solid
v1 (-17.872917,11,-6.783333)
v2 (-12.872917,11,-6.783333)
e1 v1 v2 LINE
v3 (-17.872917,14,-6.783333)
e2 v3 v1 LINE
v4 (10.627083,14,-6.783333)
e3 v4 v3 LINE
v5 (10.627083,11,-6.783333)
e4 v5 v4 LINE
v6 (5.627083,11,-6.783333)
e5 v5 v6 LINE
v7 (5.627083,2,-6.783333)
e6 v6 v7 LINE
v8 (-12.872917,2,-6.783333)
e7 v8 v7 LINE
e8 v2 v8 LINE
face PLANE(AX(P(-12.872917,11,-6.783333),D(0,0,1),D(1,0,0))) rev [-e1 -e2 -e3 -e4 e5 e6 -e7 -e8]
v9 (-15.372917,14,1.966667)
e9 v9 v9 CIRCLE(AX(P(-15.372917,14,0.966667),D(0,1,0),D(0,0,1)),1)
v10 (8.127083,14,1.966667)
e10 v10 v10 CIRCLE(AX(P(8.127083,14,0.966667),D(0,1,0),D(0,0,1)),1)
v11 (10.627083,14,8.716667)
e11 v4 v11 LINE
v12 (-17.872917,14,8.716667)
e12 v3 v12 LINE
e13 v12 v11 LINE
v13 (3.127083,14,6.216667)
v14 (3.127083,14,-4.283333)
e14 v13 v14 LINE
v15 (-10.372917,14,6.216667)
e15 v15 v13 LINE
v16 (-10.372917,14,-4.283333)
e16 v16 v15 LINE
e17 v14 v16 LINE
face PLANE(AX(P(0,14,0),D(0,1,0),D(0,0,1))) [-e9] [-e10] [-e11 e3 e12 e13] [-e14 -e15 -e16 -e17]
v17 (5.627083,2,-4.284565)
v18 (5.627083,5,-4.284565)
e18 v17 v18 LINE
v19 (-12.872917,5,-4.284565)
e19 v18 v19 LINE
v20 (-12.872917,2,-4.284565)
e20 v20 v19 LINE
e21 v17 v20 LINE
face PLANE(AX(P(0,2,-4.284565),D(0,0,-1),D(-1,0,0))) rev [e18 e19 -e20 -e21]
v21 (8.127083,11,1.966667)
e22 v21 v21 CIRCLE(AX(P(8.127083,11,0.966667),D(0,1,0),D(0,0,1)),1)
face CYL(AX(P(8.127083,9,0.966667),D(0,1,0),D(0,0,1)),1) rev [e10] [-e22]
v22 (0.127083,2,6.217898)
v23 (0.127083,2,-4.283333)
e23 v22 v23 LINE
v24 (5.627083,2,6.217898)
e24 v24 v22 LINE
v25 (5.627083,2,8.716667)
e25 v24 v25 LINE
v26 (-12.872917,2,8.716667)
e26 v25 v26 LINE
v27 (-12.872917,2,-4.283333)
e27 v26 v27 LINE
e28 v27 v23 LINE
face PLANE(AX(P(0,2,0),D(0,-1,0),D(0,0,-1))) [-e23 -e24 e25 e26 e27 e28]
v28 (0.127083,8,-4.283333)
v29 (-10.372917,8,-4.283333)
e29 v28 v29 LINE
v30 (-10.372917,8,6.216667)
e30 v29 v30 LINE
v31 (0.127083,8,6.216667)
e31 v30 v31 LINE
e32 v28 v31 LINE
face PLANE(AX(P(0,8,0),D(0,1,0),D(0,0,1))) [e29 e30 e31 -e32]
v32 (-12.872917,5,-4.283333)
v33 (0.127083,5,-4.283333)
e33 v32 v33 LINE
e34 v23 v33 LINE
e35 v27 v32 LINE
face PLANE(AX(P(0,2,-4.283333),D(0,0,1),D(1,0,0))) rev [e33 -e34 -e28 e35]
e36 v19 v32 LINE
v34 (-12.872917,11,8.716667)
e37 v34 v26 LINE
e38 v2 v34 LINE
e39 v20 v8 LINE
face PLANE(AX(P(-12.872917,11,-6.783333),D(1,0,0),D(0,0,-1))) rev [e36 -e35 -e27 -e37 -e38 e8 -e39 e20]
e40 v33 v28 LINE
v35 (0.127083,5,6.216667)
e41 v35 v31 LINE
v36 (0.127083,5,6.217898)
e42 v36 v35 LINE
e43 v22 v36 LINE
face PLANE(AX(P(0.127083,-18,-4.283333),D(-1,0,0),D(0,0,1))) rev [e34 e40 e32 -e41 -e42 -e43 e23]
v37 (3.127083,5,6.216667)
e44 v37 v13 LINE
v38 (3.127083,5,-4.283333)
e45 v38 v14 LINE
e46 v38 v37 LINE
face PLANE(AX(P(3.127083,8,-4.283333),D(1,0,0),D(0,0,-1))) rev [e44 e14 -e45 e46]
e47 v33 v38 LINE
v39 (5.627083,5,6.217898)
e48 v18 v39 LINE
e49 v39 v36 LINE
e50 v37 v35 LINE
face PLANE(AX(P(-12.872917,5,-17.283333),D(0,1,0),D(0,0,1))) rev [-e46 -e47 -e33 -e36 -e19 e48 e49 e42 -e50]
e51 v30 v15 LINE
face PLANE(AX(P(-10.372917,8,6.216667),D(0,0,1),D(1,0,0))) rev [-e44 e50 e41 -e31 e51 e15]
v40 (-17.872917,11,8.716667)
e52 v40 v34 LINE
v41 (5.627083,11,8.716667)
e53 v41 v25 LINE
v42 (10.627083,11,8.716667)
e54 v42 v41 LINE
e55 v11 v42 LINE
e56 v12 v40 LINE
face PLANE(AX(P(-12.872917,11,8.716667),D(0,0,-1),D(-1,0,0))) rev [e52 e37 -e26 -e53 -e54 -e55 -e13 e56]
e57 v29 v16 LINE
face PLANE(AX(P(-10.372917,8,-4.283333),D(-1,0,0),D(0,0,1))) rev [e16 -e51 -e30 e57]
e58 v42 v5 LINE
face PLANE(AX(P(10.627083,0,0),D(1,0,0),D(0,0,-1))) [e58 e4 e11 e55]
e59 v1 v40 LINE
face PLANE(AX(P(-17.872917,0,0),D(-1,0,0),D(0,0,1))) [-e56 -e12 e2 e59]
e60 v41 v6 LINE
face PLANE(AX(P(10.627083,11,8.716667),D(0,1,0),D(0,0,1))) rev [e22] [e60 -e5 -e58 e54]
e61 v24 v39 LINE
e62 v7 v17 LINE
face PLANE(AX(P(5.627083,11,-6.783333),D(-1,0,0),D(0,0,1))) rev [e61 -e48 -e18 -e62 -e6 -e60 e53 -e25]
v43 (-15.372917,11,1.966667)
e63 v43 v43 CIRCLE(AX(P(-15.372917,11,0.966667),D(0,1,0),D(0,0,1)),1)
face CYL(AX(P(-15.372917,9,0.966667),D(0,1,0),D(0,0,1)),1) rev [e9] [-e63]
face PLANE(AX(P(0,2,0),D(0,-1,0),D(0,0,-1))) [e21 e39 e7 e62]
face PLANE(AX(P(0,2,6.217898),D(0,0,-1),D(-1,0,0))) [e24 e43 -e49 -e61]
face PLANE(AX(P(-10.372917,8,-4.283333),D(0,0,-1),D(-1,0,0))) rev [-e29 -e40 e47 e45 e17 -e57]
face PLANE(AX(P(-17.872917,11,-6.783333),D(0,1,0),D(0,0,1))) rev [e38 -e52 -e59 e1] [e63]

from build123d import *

# Parameters (mm, degrees)
SKETCH2_W           = 18.5
SKETCH2_H           = 15.5
BOSS_EXTRUDE1_DEPTH = 11
SKETCH3_W           = 18.5
SKETCH3_H           = 15.5
BOSS_EXTRUDE2_DEPTH = 3
SKETCH4_W           = 13.5
SKETCH4_H           = 10.5
CUT_EXTRUDE1_DEPTH  = 6
SKETCH5_W           = 3
SKETCH5_H           = 10.5
CUT_EXTRUDE2_DEPTH  = 26
SKETCH10_W          = 18.5
SKETCH10_H          = 5
CUT_EXTRUDE3_DEPTH  = 26
SKETCH11_W          = 15.5
SKETCH11_H          = 3
BOSS_EXTRUDE3_DEPTH = 5
SKETCH13_W          = 18.5
SKETCH13_H          = 2.498768597
BOSS_EXTRUDE4_DEPTH = 3
SKETCH14_W          = 15.5
SKETCH14_H          = 3
BOSS_EXTRUDE6_DEPTH = 5
SKETCH16_R          = 1
CUT_EXTRUDE5_DEPTH  = 5


with BuildPart() as part:
    # Sketch2 → Boss-Extrude1 (new body)
    with BuildSketch(Plane(origin=(0, 0, 0), x_dir=(1, 0, 0), z_dir=(0, 1, 0))):
        with Locations((-3.622916667, -0.966666667)):
            Rectangle(SKETCH2_W, SKETCH2_H)
    extrude(amount=BOSS_EXTRUDE1_DEPTH)

    # Sketch3 → Boss-Extrude2 (add)
    with BuildSketch(Plane(origin=(0, 11, 0), x_dir=(1, 0, 0), z_dir=(0, 1, 0))):
        with Locations((-3.622916667, -0.966666667)):
            Rectangle(SKETCH3_W, SKETCH3_H)
    extrude(amount=BOSS_EXTRUDE2_DEPTH)

    # Sketch4 → Cut-Extrude1 (cut)
    with BuildSketch(Plane(origin=(0, 14, 0), x_dir=(1, 0, 0), z_dir=(0, 1, 0))):
        with Locations((-3.622916667, -0.966666667)):
            Rectangle(SKETCH4_W, SKETCH4_H)
    extrude(amount=-CUT_EXTRUDE1_DEPTH, mode=Mode.SUBTRACT)

    # Sketch5 → Cut-Extrude2 (cut)
    with BuildSketch(Plane(origin=(0, 8, 0), x_dir=(1, 0, 0), z_dir=(0, 1, 0))):
        with Locations((1.627083333, -0.966666667)):
            Rectangle(SKETCH5_W, SKETCH5_H)
    extrude(amount=-CUT_EXTRUDE2_DEPTH, mode=Mode.SUBTRACT)

    # Sketch10 → Cut-Extrude3 (cut)
    with BuildSketch(Plane.XY.offset(8.716666667)):
        with Locations((-3.622916667, 2.5)):
            Rectangle(SKETCH10_W, SKETCH10_H)
    extrude(amount=-CUT_EXTRUDE3_DEPTH, mode=Mode.SUBTRACT)

    # Sketch11 → Boss-Extrude3 (add)
    with BuildSketch(Plane(origin=(5.627083333, 0, 0), x_dir=(0, 0, -1), z_dir=(1, 0, 0))):
        with Locations((-0.966666667, 12.5)):
            Rectangle(SKETCH11_W, SKETCH11_H)
    extrude(amount=BOSS_EXTRUDE3_DEPTH)

    # Sketch13 → Boss-Extrude4 (add)
    with BuildSketch(Plane.XZ.offset(-5)):
        Polygon((5.627083333, 6.217898069), (5.627083333, 8.716666667), (-12.872916667, 8.716666667), (-12.872916667, 6.217898069), (0.127083333, 6.217898069), align=None)
        Polygon((0.127083333, 6.217898069), (-12.872916667, 6.217898069), (-12.872916667, -4.283333333), (0.127083333, -4.283333333), (0.127083333, 6.216666667), align=None)
        with Locations((-3.622916667, -5.533949035)):
            Rectangle(SKETCH13_W, SKETCH13_H)
    extrude(amount=BOSS_EXTRUDE4_DEPTH)

    # Sketch14 → Boss-Extrude6 (add)
    with BuildSketch(Plane.ZY.offset(12.872916667)):
        with Locations((0.966666667, 12.5)):
            Rectangle(SKETCH14_W, SKETCH14_H)
    extrude(amount=BOSS_EXTRUDE6_DEPTH)

    # Sketch16 → Cut-Extrude5 (cut)
    with BuildSketch(Plane(origin=(0, 14, 0), x_dir=(1, 0, 0), z_dir=(0, 1, 0))):
        with Locations(Location((-15.372916667, -0.966666667, 0), (0, 0, 270))):
            Circle(SKETCH16_R)
        with Locations(Location((8.127083333, -0.966666667, 0), (0, 0, 270))):
            Circle(SKETCH16_R)
    extrude(amount=-CUT_EXTRUDE5_DEPTH, mode=Mode.SUBTRACT)


solid = part.part
